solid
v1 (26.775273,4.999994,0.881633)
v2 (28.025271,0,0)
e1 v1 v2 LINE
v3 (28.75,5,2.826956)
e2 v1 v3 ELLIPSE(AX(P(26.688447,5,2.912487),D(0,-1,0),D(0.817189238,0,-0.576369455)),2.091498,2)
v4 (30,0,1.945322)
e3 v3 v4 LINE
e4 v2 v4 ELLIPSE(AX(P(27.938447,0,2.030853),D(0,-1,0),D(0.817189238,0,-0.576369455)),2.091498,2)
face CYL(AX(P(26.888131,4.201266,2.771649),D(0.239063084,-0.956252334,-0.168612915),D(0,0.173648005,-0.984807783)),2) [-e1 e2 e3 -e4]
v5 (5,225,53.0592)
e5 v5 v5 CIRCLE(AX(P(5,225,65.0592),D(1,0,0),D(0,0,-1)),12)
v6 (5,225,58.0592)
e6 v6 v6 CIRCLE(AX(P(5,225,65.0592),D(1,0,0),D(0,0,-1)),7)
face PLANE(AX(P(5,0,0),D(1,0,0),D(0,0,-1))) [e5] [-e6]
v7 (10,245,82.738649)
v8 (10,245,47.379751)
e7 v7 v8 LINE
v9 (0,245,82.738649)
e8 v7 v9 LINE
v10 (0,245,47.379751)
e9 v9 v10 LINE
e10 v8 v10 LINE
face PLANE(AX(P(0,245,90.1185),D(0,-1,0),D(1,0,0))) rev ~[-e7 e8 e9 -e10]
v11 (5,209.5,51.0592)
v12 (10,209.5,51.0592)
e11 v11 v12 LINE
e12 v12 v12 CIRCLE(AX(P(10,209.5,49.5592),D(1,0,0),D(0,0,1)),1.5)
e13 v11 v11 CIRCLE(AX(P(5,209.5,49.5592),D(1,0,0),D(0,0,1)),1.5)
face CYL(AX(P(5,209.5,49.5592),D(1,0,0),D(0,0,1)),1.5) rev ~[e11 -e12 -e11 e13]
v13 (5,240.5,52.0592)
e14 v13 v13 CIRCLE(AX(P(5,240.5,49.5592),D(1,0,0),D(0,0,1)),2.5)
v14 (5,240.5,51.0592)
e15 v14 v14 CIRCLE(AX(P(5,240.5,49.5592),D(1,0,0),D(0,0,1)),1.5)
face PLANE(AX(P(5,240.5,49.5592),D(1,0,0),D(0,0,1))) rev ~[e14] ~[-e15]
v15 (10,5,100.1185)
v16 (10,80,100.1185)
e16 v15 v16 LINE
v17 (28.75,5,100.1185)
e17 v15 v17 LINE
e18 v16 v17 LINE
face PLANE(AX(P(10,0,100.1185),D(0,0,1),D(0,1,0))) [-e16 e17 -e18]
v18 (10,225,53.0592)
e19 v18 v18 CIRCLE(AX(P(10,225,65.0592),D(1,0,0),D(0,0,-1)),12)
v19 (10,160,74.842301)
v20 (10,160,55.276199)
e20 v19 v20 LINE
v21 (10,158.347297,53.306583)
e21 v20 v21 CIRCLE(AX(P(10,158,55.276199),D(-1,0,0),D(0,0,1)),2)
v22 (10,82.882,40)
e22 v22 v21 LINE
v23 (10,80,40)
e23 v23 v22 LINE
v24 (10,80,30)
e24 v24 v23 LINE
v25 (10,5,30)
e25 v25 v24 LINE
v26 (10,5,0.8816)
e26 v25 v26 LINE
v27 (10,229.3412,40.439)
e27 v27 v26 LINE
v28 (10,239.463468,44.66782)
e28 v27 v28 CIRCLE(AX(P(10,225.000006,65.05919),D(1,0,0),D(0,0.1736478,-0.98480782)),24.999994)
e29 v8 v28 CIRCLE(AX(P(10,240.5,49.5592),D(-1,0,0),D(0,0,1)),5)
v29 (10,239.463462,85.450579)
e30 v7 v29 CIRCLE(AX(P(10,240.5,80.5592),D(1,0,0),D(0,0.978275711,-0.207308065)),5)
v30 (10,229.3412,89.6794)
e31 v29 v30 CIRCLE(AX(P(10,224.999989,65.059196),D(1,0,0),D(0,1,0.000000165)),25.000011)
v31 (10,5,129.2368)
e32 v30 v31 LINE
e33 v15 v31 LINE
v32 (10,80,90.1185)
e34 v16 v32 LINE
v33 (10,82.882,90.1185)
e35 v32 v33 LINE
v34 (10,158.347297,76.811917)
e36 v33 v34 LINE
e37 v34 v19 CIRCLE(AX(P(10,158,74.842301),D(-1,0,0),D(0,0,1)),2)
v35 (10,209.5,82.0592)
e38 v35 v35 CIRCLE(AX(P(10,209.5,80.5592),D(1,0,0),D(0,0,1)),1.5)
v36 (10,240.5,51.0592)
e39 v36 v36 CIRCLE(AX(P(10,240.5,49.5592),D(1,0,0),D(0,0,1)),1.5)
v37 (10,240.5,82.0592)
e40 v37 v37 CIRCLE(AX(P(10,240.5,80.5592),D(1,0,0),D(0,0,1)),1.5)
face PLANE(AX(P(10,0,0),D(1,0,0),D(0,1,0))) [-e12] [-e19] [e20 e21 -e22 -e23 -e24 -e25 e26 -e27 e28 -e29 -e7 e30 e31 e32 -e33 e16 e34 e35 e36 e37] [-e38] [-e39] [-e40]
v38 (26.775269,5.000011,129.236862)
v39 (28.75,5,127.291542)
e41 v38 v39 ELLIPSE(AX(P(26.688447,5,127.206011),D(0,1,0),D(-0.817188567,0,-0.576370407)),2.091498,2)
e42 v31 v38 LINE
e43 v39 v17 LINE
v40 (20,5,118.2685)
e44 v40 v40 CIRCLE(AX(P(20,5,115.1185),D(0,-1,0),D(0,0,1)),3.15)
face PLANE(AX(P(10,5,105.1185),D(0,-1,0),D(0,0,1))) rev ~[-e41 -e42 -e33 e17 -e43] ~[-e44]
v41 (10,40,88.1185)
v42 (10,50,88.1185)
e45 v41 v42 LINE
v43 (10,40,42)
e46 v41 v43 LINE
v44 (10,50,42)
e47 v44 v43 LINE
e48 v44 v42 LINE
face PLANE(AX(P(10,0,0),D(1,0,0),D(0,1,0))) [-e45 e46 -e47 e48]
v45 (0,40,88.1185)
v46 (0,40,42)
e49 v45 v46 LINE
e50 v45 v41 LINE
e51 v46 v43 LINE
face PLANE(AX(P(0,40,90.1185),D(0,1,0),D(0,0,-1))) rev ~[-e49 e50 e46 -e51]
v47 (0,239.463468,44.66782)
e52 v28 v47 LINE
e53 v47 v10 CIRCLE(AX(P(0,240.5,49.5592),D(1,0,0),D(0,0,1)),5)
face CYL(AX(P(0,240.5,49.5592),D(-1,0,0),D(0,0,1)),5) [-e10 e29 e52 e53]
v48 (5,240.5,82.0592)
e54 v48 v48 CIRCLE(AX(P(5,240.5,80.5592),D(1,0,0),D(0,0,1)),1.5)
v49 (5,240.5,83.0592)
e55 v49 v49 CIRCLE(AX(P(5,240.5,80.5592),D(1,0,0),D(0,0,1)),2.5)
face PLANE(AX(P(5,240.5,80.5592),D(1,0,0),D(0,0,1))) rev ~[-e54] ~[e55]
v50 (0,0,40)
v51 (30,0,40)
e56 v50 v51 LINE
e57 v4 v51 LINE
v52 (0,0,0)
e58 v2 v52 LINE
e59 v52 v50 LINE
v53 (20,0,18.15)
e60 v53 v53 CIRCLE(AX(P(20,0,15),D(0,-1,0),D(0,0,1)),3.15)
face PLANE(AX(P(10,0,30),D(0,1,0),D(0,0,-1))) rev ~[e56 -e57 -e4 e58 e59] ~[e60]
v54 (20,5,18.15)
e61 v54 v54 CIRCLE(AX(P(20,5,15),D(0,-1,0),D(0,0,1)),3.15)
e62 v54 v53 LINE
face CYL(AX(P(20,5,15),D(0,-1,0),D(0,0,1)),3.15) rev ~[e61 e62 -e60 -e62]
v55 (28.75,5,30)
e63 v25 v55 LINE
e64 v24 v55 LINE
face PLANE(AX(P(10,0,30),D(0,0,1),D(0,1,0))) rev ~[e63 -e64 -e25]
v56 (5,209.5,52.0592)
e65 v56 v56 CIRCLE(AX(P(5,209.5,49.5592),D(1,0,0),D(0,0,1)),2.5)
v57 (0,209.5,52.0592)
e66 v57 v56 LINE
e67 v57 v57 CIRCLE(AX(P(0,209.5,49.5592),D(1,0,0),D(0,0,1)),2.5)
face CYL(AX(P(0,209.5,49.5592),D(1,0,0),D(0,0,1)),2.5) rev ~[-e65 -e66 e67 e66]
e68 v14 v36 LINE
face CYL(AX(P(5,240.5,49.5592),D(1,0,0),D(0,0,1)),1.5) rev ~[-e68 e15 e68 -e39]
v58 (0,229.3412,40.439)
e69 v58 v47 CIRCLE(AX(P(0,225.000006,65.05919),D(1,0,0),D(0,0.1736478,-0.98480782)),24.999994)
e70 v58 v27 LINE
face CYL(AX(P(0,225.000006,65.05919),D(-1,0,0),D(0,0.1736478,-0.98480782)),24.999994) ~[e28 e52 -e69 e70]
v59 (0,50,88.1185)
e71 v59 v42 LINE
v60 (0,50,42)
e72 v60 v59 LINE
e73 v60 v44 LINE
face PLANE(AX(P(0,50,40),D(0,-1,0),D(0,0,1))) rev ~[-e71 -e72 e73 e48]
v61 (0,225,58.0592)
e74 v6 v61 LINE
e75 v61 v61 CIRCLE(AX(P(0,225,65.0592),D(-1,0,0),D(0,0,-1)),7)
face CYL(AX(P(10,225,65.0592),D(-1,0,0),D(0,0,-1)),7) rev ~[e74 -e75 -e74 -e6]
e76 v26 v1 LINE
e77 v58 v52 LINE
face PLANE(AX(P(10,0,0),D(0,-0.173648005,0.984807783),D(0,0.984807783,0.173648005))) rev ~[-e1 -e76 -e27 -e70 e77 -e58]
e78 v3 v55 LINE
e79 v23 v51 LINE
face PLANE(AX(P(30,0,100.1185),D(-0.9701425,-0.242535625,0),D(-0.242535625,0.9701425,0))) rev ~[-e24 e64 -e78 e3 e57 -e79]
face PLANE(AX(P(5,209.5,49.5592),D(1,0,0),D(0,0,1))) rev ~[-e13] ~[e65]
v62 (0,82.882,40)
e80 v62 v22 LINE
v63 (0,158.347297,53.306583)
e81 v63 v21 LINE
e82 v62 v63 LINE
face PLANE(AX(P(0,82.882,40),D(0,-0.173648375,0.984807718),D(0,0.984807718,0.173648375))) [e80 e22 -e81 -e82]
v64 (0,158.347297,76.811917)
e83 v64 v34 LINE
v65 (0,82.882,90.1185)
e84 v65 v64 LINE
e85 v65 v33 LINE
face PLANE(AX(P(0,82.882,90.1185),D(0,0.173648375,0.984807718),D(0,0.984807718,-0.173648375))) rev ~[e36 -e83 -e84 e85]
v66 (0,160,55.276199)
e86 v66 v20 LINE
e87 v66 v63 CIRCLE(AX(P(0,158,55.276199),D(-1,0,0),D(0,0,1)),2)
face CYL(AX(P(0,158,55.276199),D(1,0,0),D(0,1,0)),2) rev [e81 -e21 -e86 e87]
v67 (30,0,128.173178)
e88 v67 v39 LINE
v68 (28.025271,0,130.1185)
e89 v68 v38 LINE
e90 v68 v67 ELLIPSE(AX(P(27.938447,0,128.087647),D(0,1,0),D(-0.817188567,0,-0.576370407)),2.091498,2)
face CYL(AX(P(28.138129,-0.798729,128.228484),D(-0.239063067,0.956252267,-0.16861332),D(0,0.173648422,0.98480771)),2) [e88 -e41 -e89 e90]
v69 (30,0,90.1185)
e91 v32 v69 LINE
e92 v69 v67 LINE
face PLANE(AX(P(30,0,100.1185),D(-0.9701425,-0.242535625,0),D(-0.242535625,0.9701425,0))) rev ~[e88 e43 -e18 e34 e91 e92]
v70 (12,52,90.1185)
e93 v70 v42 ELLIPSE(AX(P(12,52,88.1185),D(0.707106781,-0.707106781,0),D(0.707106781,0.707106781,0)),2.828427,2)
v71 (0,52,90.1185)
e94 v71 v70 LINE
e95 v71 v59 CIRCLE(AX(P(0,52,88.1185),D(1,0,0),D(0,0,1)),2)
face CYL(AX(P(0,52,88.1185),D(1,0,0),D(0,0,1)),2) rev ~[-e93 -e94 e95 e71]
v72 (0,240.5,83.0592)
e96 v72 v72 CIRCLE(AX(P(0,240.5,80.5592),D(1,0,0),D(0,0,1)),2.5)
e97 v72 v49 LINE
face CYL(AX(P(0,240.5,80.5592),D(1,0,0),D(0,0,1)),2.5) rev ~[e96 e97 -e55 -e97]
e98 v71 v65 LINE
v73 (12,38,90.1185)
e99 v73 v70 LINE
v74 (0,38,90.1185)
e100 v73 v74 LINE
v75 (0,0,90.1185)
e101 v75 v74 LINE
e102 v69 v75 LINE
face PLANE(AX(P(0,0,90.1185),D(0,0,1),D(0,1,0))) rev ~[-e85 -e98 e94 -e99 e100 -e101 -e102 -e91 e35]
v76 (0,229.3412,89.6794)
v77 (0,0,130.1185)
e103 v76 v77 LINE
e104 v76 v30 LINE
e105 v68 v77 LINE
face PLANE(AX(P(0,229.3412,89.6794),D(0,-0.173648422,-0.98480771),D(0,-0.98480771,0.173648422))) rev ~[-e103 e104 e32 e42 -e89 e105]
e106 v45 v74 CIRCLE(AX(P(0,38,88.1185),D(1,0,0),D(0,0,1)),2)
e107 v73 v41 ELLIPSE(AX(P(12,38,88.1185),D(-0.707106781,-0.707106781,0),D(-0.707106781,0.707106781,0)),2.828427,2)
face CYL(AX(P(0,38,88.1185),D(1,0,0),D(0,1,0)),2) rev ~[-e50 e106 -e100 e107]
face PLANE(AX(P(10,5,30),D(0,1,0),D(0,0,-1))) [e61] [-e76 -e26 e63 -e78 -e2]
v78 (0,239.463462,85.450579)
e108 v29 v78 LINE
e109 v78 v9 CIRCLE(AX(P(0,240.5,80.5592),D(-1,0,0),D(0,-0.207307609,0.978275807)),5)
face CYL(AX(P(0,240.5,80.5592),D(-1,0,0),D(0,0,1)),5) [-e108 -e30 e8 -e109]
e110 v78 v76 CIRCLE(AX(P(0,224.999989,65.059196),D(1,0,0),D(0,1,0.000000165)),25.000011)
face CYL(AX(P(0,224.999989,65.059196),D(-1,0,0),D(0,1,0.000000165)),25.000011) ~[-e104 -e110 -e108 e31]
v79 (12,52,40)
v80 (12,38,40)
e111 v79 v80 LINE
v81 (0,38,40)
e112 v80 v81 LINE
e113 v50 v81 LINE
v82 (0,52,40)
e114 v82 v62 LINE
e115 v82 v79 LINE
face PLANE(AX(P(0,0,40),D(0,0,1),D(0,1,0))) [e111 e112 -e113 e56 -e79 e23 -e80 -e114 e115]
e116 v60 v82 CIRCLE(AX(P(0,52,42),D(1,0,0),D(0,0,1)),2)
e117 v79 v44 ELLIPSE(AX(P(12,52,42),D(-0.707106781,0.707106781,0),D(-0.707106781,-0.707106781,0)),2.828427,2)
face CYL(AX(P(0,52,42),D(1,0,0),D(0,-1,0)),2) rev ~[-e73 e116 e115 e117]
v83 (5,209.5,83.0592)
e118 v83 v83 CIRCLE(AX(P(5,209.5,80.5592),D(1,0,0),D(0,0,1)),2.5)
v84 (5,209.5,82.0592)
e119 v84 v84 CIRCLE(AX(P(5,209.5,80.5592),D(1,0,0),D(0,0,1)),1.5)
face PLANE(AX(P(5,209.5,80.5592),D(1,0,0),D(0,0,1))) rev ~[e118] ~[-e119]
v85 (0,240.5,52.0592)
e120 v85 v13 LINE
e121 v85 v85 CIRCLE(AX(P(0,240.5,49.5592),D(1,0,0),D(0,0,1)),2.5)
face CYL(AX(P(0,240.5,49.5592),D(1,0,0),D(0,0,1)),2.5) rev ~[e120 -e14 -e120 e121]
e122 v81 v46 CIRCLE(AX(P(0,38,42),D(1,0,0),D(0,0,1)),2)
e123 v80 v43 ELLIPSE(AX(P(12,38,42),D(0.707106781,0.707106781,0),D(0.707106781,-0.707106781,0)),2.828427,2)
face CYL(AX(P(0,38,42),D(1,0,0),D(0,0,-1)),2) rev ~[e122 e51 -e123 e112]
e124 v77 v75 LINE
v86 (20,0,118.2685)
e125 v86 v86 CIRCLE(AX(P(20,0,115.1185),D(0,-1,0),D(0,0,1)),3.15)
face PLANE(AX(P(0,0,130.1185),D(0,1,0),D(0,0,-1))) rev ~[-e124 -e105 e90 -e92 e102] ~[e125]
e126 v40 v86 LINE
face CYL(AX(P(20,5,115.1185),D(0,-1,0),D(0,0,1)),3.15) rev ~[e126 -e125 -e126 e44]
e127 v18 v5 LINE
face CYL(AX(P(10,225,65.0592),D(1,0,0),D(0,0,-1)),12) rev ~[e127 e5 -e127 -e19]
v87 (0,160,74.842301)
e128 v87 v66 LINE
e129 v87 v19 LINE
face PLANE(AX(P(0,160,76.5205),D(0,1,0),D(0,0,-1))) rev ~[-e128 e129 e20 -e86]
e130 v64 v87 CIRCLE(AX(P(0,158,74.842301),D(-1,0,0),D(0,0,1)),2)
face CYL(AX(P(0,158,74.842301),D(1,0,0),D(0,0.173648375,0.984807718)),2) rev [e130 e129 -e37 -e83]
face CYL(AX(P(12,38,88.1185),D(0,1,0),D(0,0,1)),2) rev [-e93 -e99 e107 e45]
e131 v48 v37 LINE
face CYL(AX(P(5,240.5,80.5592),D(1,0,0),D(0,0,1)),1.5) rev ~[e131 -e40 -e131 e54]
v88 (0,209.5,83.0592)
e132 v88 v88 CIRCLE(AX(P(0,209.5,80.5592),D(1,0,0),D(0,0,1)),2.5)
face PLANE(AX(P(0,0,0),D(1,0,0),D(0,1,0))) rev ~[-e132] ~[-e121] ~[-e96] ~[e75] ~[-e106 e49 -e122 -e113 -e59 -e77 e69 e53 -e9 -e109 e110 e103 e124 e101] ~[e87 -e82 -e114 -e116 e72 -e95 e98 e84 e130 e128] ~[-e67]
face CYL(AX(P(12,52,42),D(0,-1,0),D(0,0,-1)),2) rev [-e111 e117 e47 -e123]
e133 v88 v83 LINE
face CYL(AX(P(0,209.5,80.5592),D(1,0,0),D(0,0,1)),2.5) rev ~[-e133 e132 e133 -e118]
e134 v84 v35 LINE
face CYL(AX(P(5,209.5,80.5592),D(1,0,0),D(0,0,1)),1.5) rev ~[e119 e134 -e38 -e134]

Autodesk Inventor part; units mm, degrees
ref_plane "YZ Plane" through (0, 0, 0) normal (1, 0, 0) x (0, 1, 0)
ref_plane "XZ Plane" through (0, 0, 0) normal (0, 1, 0) x (-1, 0, 0)
ref_plane "XY Plane" through (0, 0, 0) normal (0, 0, 1) x (1, 0, 0)
sketch "Skizze1" plane through (0, 0, 0) normal (1, 0, 0) x (0, 1, 0)
  arc A0 (250, 65.0592) -> (229.3412, 89.6794) centre (225, 65.0592) ccw
  line L0 (225, 65.0592) -> (229.3412, 89.6794) construction
  line L1 (225, 65.0592) -> (250, 65.0592) construction
  line L2 (229.3412, 89.6794) -> (0, 130.1185)
  line L3 (0, 130.1185) -> (0, 90.1185)
  arc A1 (229.3412, 40.439) -> (250, 65.0592) centre (225, 65.0592) ccw
  line L4 (229.3412, 40.439) -> (0, 0)
  line L5 (0, 0) -> (92.864, 0) construction
  line L6 (0, 0) -> (0, 40)
  line L7 (160, 76.5205) -> (160, 53.598)
  line L8 (40, 90.1185) -> (40, 40)
  line L9 (50, 40) -> (50, 90.1185)
  line L10 (82.882, 90.1185) -> (160, 76.5205)
  line L11 (82.882, 40) -> (160, 53.598)
  line L12 (0, 40) -> (40, 40)
  line L13 (50, 40) -> (82.882, 40)
  line L14 (0, 90.1185) -> (40, 90.1185)
  line L15 (50, 90.1185) -> (82.882, 90.1185)
  dimension "d21" = 80
  dimension "d24" = 25
  dimension "d68" = 250
  dimension "d73" = 80
  dimension "d88" = 130.1185
  dimension "d91" = 10
  dimension "d92" = 25
  dimension "d93" = 25
  dimension "d94" = 40
  dimension "d127" = 110
  dimension "d160" = 40
  dimension "d161" = 40
  dimension "d162" = 80
  dimension "d163" = 32.882
  dimension "d164" = 32.882
extrude "Extrusion2" add sketch "Skizze1" along normal blind 10
sketch "Skizze7" plane through (10, 0, 0) normal (1, 0, 0) x (0, 0, -1)
  arc A0 (-40.439, 229.3412) -> (-89.6794, 229.3412) centre (-65.0592, 225) ccw projected
  point P0 (0, 0)
hole "Bohrung6" at (10, 225, 65.0592) direction (-1, 0, 0) diameter 14 end through all
fillet "Rundung1" radius 2 5 edges at (5, 160, 76.5205) (5, 40, 90.1185) (5, 50, 40) (5, 160, 53.598) (5, 40, 40)
sketch "Skizze13" plane through (0, 0, 0) normal (-1, 0, 0) x (0, 0, 1)
  line L0 (80.5592, 240.5) -> (80.5592, 209.5)
  line L1 (80.5592, 209.5) -> (49.5592, 209.5)
  line L2 (49.5592, 209.5) -> (49.5592, 240.5)
  line L3 (49.5592, 240.5) -> (80.5592, 240.5)
  line L4 (80.5592, 240.5) -> (49.5592, 209.5) construction
  line L5 (80.5592, 209.5) -> (49.5592, 240.5) construction
  line L6 (80.5592, 240.5) -> (111.5592, 240.5) construction
  point P0 (0, 0)
  point P1 (65.0592, 225)
  dimension "d145" = 31
  dimension "d146" = 90
  dimension "d147" = 31
hole "Bohrung10" at (0, 209.5, 80.5592) at (0, 240.5, 80.5592) at (0, 240.5, 49.5592) at (0, 209.5, 49.5592) direction (1, 0, 0) diameter 3 end through all counterbore diameter 5 counterbore depth 5
sketch "Skizze14" plane through (10, 0, 0) normal (1, 0, 0) x (0, 0, -1)
  line L0 (-90.1185, 0) -> (-90.1185, 38) projected
  line L1 (-90.1185, 0) -> (-100.1185, 0)
  line L2 (-100.1185, 0) -> (-100.1185, 80)
  line L3 (-100.1185, 80) -> (-90.1185, 80)
  line L4 (-90.1185, 80) -> (-90.1185, 0)
  line L5 (-40, 0) -> (0, 0) projected
  line L6 (-40, 0) -> (-30, 0)
  line L7 (-30, 0) -> (-30, 80)
  line L8 (-30, 80) -> (-40, 80)
  line L9 (-40, 80) -> (-40, 0)
  dimension "d165" = 10
  dimension "d166" = 80
  dimension "d167" = 10
  dimension "d168" = 80
sketch "Skizze15" plane through (10, 0, 0) normal (1, 0, 0) x (0, 0, -1)
  circle A0 centre (-65.0592, 225) radius 7 projected
  circle A1 centre (-65.0592, 225) radius 12
  point P0 (0, 0)
  dimension "d157" = 24
extrude "Extrusion4" cut sketch "Skizze15" against normal blind 5
sketch "Skizze16" plane through (10, 0, 0) normal (1, 0, 0) x (0, 0, -1)
  point P0 (0, 0)
sketch "Skizze17" plane through (10, 0, 0) normal (1, 0, 0) x (0, 0, -1)
  point P0 (0, 0)
extrude "Extrusion5" add sketch "Skizze14" along normal blind 20
sketch "Skizze18" plane through (10, 0, 100.1185) normal (0, 0, 1) x (1, 0, 0)
  line L0 (0, 0) -> (0, 80) projected
  line L1 (0, 0) -> (20, 0) projected
  line L2 (20, 80) -> (20, 0) projected
  line L3 (0, 80) -> (20, 80) projected
  line L4 (20, 80) -> (20, 0) projected
  line L5 (20, 0) -> (0, 80)
  line L6 (20, 80) -> (0, 80)
  point P0 (-10, 0)
sketch "Skizze19" plane through (10, 0, 0) normal (1, 0, 0) x (0, 0, -1)
  line L0 (0, 0) -> (-40.439, 229.3412) projected
  arc A0 (-40.439, 229.3412) -> (-89.6794, 229.3412) centre (-65.0592, 225) ccw projected
  line L1 (-89.6794, 229.3412) -> (-130.1185, 0) projected
  line L2 (-130.1185, 0) -> (-100.1185, 0) projected
  line L3 (-100.1185, 0) -> (-100.1185, 80) projected
  line L4 (-90.1185, 80) -> (-90.1185, 82.882) projected
  line L5 (-90.1185, 82.882) -> (-76.8119, 158.3473) projected
  arc A1 (-74.8423, 160) -> (-76.8119, 158.3473) centre (-74.8423, 158) ccw projected
  line L6 (-74.8423, 160) -> (-55.2762, 160) projected
  arc A2 (-53.3066, 158.3473) -> (-55.2762, 160) centre (-55.2762, 158) ccw projected
  line L7 (-53.3066, 158.3473) -> (-40, 82.882) projected
  line L8 (-40, 82.882) -> (-40, 80) projected
  line L9 (-30, 80) -> (-30, 0) projected
  line L10 (-30, 0) -> (0, 0) projected
  circle A3 centre (-65.0592, 225) radius 12 projected
  circle A4 centre (-49.5592, 240.5) radius 1.5 projected
  circle A5 centre (-80.5592, 209.5) radius 1.5 projected
  circle A6 centre (-80.5592, 240.5) radius 1.5 projected
  circle A7 centre (-49.5592, 209.5) radius 1.5 projected
  line L11 (-90.1185, 80) -> (-90.1185, 0) projected
  line L12 (-105.1185, 80) -> (-90.1185, 80) projected
  line L13 (-105.1185, 0) -> (-105.1185, 80) projected
  line L14 (-105.1185, 0) -> (-90.1185, 0) projected
  line L15 (-130.1185, 0) -> (-105.1185, 0)
  line L16 (-100.1185, 0) -> (-100.1185, 80) projected
  line L17 (-100.1185, 0) -> (-100.1185, 5)
  line L18 (-100.1185, 0) -> (-95.1185, 0) construction
  line L19 (-100.1185, 5) -> (-129.2368, 5)
  line L20 (-130.1185, 0) -> (-129.2368, 5)
  line L21 (-100.1185, 80) -> (-90.1185, 80) projected
  line L22 (-40, 80) -> (-30, 80) projected
  dimension "d173" = 5
  dimension "d174" = 90
sketch "Skizze20" plane through (10, 0, 0) normal (1, 0, 0) x (0, 0, -1)
  point P0 (0, 0)
extrude "Extrusion7" add sketch "Skizze19" along normal blind 20 contours L19 L13 L2 L1 | L19 L3 L2 L13
sketch "Skizze21" plane through (10, 0, 0) normal (1, 0, 0) x (0, 0, -1)
  circle A0 centre (-49.5592, 209.5) radius 1.5 projected
  circle A1 centre (-80.5592, 240.5) radius 1.5 projected
  circle A2 centre (-80.5592, 209.5) radius 1.5 projected
  circle A3 centre (-49.5592, 240.5) radius 1.5 projected
  circle A4 centre (-65.0592, 225) radius 12 projected
  line L0 (-129.2368, 5) -> (-100.1185, 5) projected
  line L1 (-100.1185, 5) -> (-100.1185, 80) projected
  line L2 (-100.1185, 80) -> (-90.1185, 80) projected
  line L3 (-90.1185, 80) -> (-90.1185, 82.882) projected
  line L4 (-90.1185, 82.882) -> (-76.8119, 158.3473) projected
  arc A5 (-74.8423, 160) -> (-76.8119, 158.3473) centre (-74.8423, 158) ccw projected
  line L5 (-74.8423, 160) -> (-55.2762, 160) projected
  arc A6 (-53.3066, 158.3473) -> (-55.2762, 160) centre (-55.2762, 158) ccw projected
  line L6 (-53.3066, 158.3473) -> (-40, 82.882) projected
  line L7 (-40, 82.882) -> (-40, 80) projected
  line L8 (-40, 80) -> (-30, 80) projected
  line L9 (-30, 80) -> (-30, 0) projected
  line L10 (-30, 0) -> (0, 0) projected
  line L11 (0, 0) -> (-40.439, 229.3412) projected
  arc A7 (-40.439, 229.3412) -> (-89.6794, 229.3412) centre (-65.0592, 225) ccw projected
  line L12 (-89.6794, 229.3412) -> (-129.2368, 5) projected
  line L13 (-40, 0) -> (-30, 0) projected
  line L14 (-30, 0) -> (-30, 80) projected
  line L15 (-30, 80) -> (-40, 80) projected
  line L16 (-40, 80) -> (-40, 0) projected
  line L17 (0, 0) -> (-0.8816, 5)
  line L18 (-30, 80) -> (-30, 0) projected
  line L19 (-30, 5) -> (-30, 0)
  line L20 (-30, 0) -> (0, 0)
  line L21 (-30, 5) -> (-0.8816, 5)
  dimension "d177" = 5
extrude "Extrusion8" add sketch "Skizze21" along normal blind 20 contours L11 L10 L9 L21
extrude "Extrusion9" cut sketch "Skizze18" along normal through all both and the other way through all contours L3 L2 L5
sketch "Skizze22" plane through (10, 5, 30) normal (0, 1, 0) x (1, 0, 0)
  line L0 (0, -60.1185) -> (20, -60.1185) construction
  line L1 (20, -100.1185) -> (20, -60.1185) construction
  line L2 (20, -10) -> (20, 30) construction
  line L3 (20, -10) -> (0, -10) construction
  point P0 (-10, 30)
  point P1 (10, -85.1185)
  point P2 (10, 15)
  dimension "d182" = 25
  dimension "d183" = 10
  dimension "d184" = 10
  dimension "d185" = 25
hole "Bohrung11" at (20, 5, 115.1185) at (20, 5, 15) direction (0, -1, 0) diameter 6.3 end through all
fillet "Rundung2" radius 2 5 edges at (10, 44, 90.1185) (5, 50, 90.1185) (29.375, 2.5, 0.4408) (29.375, 2.5, 129.6777) (10, 45, 40)
sketch "Skizze23" plane through (0, 0, 0) normal (-1, 0, 0) x (0, 0, 1)
  circle A0 centre (80.5592, 240.5) radius 2.5 projected
  circle A1 centre (80.5592, 240.5) radius 5
  circle A2 centre (49.5592, 240.5) radius 2.5 projected
  circle A3 centre (49.5592, 240.5) radius 5
  arc A4 (89.6794, 229.3412) -> (40.439, 229.3412) centre (65.0592, 225) ccw projected
  point P0 (0, 0)
  dimension "d194" = 10
  dimension "d195" = 10
extrude "Extrusion10" add sketch "Skizze23" against normal blind 10
ref_plane "Arbeitsebene4" through (0, 245, 90.1185) normal (0, -1, 0) x (1, 0, 0)
sketch "Skizze24" plane through (0, 245, 90.1185) normal (0, -1, 0) x (1, 0, 0)
  line L0 (-28.75, 54.9898) -> (28.75, 54.9898)
  line L1 (28.75, 54.9898) -> (28.75, -54.9898)
  line L2 (28.75, -54.9898) -> (-28.75, -54.9898)
  line L3 (-28.75, -54.9898) -> (-28.75, 54.9898)
  line L4 (12, 0) -> (0, 0) projected
  line L5 (-28.75, 54.9898) -> (28.75, -54.9898) construction
  line L6 (28.75, 54.9898) -> (-28.75, -54.9898) construction
  point P0 (0, -90.1185)
  dimension "d199" = 57.5
  dimension "d200" = 109.9796
extrude "Extrusion11" cut sketch "Skizze24" against normal blind 10
properties part number "halter_seite_motor"
